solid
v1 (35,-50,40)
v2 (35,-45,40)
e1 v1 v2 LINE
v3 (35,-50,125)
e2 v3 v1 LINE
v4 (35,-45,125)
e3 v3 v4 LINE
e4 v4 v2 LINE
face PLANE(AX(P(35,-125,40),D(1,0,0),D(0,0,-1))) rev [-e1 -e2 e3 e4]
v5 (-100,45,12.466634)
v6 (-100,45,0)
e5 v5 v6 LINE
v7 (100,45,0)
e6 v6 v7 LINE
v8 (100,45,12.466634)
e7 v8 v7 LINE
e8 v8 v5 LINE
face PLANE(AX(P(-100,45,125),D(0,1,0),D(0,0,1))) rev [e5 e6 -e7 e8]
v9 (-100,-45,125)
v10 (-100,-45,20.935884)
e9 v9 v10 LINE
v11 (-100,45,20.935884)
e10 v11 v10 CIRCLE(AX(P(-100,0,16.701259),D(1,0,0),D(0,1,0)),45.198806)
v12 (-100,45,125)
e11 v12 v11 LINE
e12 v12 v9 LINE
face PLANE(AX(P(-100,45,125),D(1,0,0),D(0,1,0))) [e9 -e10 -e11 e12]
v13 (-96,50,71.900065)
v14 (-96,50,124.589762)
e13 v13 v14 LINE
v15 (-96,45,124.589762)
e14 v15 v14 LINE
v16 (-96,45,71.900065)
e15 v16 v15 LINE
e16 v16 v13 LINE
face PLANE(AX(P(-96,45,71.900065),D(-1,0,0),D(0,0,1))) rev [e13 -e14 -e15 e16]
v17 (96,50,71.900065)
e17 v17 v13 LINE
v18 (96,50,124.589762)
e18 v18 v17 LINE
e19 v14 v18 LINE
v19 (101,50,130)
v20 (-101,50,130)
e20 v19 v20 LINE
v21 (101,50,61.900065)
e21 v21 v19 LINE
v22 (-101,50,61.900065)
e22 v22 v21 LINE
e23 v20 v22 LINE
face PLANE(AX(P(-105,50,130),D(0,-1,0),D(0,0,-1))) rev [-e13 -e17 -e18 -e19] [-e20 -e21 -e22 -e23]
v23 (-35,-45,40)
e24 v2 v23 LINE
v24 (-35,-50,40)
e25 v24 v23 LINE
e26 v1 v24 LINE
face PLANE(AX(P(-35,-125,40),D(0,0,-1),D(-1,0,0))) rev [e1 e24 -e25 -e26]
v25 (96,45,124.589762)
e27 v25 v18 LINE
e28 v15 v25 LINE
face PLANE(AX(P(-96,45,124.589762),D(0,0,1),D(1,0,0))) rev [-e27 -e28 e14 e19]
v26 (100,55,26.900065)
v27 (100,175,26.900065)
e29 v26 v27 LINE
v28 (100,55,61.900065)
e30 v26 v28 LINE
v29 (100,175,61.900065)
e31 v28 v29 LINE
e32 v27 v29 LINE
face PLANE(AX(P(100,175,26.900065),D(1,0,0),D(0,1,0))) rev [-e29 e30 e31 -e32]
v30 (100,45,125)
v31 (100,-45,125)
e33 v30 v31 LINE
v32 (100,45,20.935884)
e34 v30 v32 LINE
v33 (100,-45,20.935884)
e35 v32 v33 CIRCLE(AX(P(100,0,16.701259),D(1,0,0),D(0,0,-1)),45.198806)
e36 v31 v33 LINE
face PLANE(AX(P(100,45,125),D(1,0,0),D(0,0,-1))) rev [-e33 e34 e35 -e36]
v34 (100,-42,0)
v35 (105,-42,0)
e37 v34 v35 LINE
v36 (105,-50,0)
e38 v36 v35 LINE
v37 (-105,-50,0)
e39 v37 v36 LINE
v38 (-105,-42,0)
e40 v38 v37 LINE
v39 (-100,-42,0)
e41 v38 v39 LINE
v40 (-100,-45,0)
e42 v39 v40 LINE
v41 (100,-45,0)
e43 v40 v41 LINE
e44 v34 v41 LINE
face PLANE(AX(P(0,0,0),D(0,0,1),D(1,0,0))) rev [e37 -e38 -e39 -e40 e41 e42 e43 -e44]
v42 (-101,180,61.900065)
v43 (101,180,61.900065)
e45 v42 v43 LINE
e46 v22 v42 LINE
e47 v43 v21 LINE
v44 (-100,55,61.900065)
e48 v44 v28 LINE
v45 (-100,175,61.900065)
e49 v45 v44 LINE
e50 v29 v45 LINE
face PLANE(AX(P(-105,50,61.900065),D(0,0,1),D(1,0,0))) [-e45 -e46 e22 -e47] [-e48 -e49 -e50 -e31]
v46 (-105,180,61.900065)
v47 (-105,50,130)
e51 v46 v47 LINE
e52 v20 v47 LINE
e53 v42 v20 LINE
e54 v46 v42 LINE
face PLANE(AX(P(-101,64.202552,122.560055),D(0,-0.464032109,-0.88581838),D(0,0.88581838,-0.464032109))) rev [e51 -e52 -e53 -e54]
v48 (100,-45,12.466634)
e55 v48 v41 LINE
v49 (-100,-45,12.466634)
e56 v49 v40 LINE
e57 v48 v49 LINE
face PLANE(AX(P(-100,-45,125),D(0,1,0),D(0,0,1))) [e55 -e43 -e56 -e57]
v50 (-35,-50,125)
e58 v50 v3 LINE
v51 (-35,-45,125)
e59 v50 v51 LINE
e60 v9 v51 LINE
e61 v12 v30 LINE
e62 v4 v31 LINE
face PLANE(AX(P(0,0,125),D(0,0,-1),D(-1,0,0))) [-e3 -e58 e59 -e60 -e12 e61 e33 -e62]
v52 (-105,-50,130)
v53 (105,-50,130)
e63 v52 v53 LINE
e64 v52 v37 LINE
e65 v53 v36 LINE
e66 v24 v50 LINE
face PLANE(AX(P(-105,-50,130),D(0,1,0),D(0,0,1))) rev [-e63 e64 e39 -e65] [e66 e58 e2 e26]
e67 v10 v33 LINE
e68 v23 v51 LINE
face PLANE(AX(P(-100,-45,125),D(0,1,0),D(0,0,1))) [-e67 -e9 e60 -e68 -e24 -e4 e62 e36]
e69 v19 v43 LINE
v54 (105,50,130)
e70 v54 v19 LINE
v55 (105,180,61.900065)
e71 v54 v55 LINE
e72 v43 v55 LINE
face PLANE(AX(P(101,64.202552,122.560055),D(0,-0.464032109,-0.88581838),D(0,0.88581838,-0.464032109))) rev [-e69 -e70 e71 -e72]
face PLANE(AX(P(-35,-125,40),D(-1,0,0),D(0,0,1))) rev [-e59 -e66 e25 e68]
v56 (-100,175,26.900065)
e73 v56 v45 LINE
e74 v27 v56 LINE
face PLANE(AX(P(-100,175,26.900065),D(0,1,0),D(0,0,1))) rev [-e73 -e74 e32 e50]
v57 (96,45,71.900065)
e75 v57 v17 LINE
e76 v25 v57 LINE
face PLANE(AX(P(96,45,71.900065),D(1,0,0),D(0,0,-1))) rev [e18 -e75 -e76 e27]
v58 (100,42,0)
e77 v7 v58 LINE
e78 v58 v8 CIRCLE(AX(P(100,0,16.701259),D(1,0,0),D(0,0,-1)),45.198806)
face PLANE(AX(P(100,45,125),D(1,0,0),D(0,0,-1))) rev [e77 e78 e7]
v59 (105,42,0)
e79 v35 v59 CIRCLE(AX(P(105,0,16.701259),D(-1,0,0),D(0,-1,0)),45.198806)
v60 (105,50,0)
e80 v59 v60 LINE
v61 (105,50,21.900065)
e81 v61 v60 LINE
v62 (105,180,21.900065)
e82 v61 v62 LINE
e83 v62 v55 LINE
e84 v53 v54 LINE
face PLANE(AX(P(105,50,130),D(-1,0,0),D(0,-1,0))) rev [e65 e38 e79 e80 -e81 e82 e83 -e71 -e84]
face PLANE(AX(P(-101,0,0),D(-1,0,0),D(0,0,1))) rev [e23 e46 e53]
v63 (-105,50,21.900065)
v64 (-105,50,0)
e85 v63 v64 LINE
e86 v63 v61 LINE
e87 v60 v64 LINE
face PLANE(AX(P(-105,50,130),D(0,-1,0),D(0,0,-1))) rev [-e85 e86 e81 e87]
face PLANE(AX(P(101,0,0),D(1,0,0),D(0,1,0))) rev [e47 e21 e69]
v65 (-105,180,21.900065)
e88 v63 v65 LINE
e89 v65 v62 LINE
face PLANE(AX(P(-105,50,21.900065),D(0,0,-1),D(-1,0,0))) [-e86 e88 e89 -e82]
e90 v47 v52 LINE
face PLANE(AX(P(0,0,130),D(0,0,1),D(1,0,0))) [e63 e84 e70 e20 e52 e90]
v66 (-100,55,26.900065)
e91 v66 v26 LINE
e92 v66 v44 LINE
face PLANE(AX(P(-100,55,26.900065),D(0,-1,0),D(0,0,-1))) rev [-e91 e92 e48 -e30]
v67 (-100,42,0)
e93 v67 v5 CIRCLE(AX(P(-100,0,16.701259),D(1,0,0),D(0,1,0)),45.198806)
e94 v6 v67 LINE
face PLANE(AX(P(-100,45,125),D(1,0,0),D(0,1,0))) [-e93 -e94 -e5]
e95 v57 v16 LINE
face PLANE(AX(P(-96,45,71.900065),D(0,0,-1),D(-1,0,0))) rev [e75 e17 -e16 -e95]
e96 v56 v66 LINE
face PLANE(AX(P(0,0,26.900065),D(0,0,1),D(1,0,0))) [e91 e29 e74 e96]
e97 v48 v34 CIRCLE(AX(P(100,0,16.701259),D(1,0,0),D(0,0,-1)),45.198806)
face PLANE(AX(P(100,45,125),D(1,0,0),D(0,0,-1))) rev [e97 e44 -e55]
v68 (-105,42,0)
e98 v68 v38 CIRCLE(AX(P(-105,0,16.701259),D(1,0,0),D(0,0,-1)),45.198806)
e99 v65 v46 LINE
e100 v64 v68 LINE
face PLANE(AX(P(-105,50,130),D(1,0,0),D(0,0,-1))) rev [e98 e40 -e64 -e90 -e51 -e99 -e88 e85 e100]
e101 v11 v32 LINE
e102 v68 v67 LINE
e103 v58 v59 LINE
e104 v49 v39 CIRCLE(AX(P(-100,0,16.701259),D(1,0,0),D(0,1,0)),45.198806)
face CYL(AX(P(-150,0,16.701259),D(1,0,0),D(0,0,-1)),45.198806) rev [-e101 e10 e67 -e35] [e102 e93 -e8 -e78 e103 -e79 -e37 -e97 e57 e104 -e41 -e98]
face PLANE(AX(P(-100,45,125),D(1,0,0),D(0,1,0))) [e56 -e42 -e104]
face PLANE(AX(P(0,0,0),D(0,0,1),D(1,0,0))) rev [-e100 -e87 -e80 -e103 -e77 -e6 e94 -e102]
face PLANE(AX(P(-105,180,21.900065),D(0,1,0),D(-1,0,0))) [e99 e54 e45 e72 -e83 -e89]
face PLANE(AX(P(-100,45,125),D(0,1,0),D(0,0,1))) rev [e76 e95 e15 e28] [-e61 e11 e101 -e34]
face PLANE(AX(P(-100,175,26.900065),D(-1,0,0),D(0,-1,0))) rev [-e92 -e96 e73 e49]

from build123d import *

# Parameters (mm, degrees)
SKETCH_2_W          = 210
SKETCH_2_H          = 100
EXTRUDE_1_DEPTH     = 130
SKETCH_3_W          = 200
SKETCH_3_H          = 90
CUT_EXTRUDE_1_DEPTH = 125
SKETCH_4_W          = 70
SKETCH_4_H          = 85
CUT_EXTRUDE_2_DEPTH = 125
CUT_EXTRUDE_4_DEPTH = 150
EXTRUDE_3_DEPTH     = 210
SKETCH_7_W          = 200
SKETCH_7_H          = 120
CUT_EXTRUDE_7_DEPTH = 35
EXTRUDE_6_DEPTH     = 4
EXTRUDE_7_DEPTH     = 4
SKETCH_13_W         = 192
SKETCH_13_H         = 52.689697424
CUT_EXTRUDE_9_DEPTH = 5


with BuildPart() as part:
    # 草图2 → 凸台-拉伸1 (new body)
    with BuildSketch(Plane.XY):
        Rectangle(SKETCH_2_W, SKETCH_2_H)
    extrude(amount=EXTRUDE_1_DEPTH)

    # 草图3 → 切除-拉伸1 (cut)
    with BuildSketch(Plane.XY):
        Rectangle(SKETCH_3_W, SKETCH_3_H)
    extrude(amount=CUT_EXTRUDE_1_DEPTH, mode=Mode.SUBTRACT)

    # 草图4 → 切除-拉伸2 (cut)
    with BuildSketch(Plane(origin=(0, 0, 0), x_dir=(1, 0, 0), z_dir=(0, 1, 0))):
        with Locations((0, -82.5)):
            Rectangle(SKETCH_4_W, SKETCH_4_H)
    extrude(amount=-CUT_EXTRUDE_2_DEPTH, mode=Mode.SUBTRACT)

    # 草图5 → 切除-拉伸4 (cut, symmetric)
    with BuildSketch(Plane(origin=(0, 0, 0), x_dir=(0, 0, -1), z_dir=(1, 0, 0))):
        with BuildLine():
            Line((0, 42), (0, -42))
            ThreePointArc((0, -42), (-61.900064838, 0), (0, 42))
        make_face()
    extrude(amount=CUT_EXTRUDE_4_DEPTH, both=True, mode=Mode.SUBTRACT)

    # 草图6 → 凸台-拉伸3 (add)
    with BuildSketch(Plane(origin=(105, 0, 0), x_dir=(0, 0, -1), z_dir=(1, 0, 0))):
        Polygon((-61.900064838, 50), (-61.900064838, 174.615745143), (-61.900064838, 180), (-21.900064838, 180), (-21.900064838, 50), align=None)
    extrude(amount=-EXTRUDE_3_DEPTH)

    # 草图7 → 切除-拉伸7 (cut)
    with BuildSketch(Plane.XY.offset(61.900064838)):
        with Locations((0, 115)):
            Rectangle(SKETCH_7_W, SKETCH_7_H)
    extrude(amount=-CUT_EXTRUDE_7_DEPTH, mode=Mode.SUBTRACT)

    # 草图11 → 凸台-拉伸6 (add)
    with BuildSketch(Plane(origin=(105, 0, 0), x_dir=(0, 0, -1), z_dir=(1, 0, 0))):
        Polygon((-130, 50), (-61.900064838, 180), (-61.900064838, 50), align=None)
    extrude(amount=-EXTRUDE_6_DEPTH)

    # 草图12 → 凸台-拉伸7 (add)
    with BuildSketch(Plane.ZY.offset(105)):
        Polygon((61.900064838, 180), (130, 50), (61.900064838, 50), align=None)
    extrude(amount=-EXTRUDE_7_DEPTH)

    # 草图13 → 切除-拉伸9 (cut)
    with BuildSketch(Plane(origin=(0, 50, 0), x_dir=(1, 0, 0), z_dir=(0, 1, 0))):
        with Locations((0, -98.24491355)):
            Rectangle(SKETCH_13_W, SKETCH_13_H)
    extrude(amount=-CUT_EXTRUDE_9_DEPTH, mode=Mode.SUBTRACT)


solid = part.part
